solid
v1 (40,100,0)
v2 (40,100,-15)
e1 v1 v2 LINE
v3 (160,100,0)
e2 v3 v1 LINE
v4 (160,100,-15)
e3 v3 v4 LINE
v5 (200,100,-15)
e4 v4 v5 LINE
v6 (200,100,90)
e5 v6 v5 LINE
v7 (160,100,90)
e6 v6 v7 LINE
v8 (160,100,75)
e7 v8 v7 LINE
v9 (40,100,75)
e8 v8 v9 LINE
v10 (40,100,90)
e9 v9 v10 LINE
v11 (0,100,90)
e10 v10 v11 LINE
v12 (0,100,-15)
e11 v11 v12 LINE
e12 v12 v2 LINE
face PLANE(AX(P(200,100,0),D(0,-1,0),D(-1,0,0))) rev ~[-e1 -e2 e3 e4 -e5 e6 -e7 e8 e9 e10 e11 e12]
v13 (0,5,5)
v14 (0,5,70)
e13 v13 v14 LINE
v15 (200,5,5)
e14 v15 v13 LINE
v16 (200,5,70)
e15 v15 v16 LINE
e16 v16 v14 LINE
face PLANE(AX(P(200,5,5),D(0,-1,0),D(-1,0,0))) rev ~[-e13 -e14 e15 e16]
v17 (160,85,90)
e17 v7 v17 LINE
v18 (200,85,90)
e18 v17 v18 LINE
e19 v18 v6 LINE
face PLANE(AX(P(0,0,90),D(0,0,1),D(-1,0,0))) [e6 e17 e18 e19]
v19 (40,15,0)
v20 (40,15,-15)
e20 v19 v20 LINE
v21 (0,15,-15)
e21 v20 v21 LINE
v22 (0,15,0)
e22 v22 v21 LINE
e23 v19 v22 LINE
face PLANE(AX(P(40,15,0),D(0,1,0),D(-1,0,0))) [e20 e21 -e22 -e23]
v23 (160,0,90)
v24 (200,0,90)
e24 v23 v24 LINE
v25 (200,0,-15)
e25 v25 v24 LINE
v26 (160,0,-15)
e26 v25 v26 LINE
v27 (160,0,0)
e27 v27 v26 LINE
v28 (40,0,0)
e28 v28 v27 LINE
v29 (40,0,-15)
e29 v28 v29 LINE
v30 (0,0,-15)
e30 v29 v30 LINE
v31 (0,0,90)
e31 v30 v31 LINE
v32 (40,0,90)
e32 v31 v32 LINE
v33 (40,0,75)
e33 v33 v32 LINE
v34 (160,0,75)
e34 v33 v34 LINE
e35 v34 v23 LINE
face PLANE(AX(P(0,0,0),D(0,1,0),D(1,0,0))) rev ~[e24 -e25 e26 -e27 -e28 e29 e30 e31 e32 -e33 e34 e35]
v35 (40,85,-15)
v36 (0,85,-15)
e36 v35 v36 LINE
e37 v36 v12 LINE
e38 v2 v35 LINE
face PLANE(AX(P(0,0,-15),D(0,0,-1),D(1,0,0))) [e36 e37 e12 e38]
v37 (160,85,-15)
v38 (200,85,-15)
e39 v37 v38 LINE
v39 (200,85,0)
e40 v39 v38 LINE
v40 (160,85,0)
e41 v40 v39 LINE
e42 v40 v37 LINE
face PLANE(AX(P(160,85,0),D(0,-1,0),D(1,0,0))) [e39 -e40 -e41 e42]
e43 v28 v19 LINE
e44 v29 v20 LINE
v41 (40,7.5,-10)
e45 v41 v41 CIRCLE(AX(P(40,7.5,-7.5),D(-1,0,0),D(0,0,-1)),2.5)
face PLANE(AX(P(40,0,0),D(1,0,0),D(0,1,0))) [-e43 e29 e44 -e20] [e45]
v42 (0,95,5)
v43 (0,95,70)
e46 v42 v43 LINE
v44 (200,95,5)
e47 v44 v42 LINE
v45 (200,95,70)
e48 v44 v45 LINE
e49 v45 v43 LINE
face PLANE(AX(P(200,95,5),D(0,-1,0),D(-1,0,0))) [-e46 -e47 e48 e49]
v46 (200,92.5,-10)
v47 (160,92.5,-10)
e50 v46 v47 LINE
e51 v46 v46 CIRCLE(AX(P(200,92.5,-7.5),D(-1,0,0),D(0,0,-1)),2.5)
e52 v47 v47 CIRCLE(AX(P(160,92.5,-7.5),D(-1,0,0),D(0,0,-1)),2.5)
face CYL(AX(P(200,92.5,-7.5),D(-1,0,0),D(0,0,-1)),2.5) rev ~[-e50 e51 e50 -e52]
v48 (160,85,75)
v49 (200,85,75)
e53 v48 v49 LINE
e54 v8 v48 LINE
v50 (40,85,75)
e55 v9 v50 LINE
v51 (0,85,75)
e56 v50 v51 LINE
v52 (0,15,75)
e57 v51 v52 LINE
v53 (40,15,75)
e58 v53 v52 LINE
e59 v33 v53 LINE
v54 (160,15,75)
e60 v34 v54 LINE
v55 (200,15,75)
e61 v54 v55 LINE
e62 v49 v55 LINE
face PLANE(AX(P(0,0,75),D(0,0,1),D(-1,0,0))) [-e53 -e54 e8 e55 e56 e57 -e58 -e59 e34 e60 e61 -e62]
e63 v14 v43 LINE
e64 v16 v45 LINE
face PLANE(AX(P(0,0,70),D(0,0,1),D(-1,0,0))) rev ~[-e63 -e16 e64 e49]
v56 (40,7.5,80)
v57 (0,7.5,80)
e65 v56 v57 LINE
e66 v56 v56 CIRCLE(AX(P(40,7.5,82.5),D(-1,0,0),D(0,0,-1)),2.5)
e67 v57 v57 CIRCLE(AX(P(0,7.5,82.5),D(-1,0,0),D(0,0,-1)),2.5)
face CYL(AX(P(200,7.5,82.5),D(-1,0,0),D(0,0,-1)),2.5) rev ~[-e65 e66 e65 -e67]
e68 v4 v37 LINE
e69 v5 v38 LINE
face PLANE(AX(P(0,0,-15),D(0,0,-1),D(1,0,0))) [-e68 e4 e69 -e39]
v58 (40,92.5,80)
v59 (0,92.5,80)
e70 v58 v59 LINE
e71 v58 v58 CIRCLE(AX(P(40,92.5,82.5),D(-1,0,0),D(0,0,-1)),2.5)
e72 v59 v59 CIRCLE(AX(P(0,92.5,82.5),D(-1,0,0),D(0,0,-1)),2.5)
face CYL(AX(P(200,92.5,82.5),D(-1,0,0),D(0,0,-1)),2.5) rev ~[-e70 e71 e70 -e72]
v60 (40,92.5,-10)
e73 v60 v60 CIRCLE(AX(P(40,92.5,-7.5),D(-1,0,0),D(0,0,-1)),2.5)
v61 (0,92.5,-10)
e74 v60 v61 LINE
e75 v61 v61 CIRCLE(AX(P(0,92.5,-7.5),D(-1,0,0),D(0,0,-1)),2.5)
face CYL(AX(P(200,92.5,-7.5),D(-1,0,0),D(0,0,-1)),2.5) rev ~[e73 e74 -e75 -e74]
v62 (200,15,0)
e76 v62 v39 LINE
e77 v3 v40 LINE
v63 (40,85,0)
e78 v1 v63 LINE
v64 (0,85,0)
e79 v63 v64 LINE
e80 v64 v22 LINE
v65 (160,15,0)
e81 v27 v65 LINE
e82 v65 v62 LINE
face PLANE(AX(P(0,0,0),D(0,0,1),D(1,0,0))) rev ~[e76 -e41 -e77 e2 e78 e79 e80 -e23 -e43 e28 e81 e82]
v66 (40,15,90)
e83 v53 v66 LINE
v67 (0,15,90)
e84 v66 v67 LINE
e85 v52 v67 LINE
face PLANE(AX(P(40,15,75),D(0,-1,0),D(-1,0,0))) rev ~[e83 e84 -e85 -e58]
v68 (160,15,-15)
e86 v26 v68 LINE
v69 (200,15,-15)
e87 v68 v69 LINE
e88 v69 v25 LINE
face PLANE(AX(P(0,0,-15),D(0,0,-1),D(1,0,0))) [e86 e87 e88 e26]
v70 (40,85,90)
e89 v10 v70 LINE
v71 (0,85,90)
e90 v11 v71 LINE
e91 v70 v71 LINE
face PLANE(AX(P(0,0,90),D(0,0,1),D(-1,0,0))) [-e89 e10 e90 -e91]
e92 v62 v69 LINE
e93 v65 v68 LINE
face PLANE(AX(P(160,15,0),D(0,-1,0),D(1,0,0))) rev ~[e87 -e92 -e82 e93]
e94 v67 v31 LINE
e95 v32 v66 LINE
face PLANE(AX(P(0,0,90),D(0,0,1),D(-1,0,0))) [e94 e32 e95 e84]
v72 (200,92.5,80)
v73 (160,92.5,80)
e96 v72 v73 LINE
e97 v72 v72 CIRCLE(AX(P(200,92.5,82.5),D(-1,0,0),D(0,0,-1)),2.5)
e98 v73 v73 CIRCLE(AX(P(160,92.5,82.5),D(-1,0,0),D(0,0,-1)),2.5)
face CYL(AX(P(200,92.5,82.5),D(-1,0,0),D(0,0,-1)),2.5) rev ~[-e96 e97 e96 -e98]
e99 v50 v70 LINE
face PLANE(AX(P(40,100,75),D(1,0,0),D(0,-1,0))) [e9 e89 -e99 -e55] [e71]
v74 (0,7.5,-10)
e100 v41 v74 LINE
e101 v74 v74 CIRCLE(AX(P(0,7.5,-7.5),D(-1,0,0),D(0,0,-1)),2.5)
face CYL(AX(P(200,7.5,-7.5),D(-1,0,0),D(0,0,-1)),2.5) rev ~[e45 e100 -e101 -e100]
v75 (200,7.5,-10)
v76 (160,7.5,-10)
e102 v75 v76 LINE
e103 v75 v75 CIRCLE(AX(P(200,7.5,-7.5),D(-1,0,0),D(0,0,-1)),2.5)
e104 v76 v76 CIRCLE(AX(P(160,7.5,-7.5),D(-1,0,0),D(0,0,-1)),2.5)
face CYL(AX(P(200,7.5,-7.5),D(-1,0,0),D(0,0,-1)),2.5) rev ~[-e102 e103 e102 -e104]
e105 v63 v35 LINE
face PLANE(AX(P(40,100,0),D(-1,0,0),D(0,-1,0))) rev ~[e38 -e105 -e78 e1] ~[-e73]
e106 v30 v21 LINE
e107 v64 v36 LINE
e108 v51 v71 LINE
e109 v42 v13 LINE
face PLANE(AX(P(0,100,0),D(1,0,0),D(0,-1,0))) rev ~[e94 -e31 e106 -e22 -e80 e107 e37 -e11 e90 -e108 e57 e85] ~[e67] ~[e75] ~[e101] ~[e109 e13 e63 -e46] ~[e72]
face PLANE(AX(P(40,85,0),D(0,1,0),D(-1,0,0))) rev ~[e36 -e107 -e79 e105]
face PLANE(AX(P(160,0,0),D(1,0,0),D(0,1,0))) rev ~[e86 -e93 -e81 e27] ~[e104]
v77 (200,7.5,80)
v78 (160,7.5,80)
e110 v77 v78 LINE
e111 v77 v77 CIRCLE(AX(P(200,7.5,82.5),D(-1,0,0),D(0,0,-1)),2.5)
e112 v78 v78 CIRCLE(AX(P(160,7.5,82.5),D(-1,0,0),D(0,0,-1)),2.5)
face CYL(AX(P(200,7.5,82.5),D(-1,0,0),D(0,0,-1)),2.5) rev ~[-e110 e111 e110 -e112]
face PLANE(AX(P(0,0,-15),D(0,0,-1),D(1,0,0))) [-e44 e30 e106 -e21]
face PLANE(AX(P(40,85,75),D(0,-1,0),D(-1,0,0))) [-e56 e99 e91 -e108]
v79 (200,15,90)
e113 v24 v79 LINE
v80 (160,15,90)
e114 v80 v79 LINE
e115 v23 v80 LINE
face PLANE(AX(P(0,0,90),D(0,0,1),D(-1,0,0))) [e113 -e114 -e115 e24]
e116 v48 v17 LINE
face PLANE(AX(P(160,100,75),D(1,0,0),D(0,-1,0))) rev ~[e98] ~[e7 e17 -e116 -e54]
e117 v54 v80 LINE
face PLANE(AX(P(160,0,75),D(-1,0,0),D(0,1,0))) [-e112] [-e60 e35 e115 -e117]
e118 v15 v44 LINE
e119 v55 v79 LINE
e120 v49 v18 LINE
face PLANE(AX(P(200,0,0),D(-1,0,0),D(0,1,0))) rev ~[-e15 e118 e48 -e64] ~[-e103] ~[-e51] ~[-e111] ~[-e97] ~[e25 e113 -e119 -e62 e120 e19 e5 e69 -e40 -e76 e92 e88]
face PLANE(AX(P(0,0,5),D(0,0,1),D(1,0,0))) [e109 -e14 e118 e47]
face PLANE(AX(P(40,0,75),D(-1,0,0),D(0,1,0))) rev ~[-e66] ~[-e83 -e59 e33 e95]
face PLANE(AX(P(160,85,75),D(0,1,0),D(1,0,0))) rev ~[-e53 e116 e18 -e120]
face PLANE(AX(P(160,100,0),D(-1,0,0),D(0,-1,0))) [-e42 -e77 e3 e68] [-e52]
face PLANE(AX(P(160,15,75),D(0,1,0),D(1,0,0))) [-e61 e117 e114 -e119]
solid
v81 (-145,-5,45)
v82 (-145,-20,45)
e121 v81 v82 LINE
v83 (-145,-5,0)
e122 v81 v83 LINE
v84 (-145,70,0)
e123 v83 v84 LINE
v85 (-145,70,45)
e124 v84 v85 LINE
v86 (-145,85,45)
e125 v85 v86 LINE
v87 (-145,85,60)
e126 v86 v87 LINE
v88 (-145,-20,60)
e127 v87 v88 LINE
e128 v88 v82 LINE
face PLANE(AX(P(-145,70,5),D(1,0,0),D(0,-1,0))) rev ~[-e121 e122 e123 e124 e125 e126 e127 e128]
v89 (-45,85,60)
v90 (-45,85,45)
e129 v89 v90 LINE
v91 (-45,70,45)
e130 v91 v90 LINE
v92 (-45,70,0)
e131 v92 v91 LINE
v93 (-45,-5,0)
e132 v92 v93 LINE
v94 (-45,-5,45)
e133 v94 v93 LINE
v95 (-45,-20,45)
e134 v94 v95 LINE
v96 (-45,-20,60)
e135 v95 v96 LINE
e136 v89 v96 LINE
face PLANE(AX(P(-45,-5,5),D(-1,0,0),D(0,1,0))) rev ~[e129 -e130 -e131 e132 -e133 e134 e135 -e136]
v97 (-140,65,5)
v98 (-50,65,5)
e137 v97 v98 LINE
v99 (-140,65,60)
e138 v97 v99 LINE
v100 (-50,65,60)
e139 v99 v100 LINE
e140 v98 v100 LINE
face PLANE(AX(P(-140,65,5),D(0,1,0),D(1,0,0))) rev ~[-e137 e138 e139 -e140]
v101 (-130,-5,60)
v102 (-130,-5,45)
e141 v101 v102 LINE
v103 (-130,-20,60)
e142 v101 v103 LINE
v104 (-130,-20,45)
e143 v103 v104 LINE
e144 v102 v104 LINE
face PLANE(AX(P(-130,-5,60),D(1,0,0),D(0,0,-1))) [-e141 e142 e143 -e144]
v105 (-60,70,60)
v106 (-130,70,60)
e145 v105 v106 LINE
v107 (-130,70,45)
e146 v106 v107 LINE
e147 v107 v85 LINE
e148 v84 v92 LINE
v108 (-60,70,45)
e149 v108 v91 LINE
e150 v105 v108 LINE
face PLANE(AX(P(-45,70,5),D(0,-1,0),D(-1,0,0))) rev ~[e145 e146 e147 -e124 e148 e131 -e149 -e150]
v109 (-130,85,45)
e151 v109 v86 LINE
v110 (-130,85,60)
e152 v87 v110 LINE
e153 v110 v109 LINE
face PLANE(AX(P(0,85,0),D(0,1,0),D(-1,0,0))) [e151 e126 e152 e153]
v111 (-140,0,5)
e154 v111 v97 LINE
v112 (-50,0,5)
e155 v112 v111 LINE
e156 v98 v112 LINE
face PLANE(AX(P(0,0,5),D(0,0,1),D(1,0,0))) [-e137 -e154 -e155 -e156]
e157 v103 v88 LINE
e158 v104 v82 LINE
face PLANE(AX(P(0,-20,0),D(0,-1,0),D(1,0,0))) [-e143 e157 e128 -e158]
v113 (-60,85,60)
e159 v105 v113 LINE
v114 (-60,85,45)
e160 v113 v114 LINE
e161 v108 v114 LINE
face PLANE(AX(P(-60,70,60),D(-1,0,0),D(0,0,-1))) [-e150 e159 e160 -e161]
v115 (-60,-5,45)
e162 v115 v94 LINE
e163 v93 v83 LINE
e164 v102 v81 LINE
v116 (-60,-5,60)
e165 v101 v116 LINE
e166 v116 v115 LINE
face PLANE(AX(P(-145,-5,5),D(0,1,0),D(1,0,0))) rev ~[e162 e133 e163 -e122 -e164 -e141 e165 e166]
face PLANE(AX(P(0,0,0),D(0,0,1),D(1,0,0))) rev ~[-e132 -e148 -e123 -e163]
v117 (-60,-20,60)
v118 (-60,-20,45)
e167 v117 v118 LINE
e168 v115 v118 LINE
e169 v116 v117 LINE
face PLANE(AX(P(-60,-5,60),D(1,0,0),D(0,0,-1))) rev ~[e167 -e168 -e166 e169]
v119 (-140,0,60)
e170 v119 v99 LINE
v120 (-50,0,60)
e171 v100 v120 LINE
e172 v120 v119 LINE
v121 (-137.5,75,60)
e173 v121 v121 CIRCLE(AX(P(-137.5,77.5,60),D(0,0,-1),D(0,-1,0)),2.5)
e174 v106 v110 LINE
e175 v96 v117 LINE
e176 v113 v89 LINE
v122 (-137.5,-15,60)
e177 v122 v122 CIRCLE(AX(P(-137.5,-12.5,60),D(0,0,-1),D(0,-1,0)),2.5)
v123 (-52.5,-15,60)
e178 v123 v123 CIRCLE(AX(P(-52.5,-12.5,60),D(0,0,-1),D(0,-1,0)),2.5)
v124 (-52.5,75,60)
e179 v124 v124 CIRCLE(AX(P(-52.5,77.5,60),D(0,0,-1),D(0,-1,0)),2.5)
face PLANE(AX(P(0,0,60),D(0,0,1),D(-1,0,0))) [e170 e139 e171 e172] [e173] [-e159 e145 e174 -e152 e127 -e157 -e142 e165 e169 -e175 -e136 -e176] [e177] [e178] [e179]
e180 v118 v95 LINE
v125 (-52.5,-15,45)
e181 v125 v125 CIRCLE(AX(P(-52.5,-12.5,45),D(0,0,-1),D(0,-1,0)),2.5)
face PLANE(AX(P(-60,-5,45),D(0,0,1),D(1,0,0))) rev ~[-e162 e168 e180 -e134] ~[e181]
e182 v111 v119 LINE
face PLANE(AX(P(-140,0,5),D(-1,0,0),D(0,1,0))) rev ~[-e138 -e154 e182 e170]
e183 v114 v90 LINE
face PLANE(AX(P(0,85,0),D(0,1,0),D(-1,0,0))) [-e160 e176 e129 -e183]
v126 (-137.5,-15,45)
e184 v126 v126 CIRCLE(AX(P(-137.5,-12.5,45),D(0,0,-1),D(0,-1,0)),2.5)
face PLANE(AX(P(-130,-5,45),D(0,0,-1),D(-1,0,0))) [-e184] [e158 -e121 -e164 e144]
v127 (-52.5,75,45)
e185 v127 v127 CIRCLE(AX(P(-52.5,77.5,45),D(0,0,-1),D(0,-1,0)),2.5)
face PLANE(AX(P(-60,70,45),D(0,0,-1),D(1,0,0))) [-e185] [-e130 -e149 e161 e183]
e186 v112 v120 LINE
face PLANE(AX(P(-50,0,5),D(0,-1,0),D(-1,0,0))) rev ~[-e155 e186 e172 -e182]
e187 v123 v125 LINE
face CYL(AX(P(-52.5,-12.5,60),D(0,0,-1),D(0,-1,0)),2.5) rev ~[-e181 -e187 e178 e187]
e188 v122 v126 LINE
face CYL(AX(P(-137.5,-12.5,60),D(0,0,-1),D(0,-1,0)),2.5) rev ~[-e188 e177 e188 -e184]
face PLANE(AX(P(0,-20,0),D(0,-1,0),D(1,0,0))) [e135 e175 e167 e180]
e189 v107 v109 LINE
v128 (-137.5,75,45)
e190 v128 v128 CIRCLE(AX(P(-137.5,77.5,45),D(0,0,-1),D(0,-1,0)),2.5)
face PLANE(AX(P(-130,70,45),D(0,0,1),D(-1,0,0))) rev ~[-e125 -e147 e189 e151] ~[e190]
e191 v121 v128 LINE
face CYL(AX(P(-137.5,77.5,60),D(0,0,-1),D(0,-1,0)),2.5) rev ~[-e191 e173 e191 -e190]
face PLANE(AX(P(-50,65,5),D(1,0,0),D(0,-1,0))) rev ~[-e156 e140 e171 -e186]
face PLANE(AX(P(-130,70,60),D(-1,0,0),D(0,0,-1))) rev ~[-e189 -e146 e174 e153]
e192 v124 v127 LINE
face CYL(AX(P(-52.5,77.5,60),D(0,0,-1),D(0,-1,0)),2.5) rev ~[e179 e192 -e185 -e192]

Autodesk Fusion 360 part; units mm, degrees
sketch "Sketch1" plane through (0, 0, 0) normal (0, 0, 1) x (1, 0, 0)
  line L0 (0, 0) -> (330, 0)
  line L1 (330, 0) -> (330, 100)
  line L2 (330, 100) -> (0, 100)
  line L3 (0, 100) -> (0, 0)
  dimension "d1" = 330
  dimension "d2" = 100
sketch "Sketch2" plane through (0, 0, 0) normal (0, 0, 1) x (1, 0, 0)
  line L0 (0, 0) -> (200, 0)
  line L1 (200, 0) -> (200, 100)
  line L2 (200, 100) -> (0, 100)
  line L3 (0, 100) -> (0, 0)
  dimension "d7" = 200
  dimension "d8" = 100
extrude "Extrude3" add sketch "Sketch2" along normal blind 5 makes body 1
sketch "Sketch3" plane through (0, 0, 5) normal (0, 0, 1) x (-1, 0, 0)
  line L0 (0, -100) -> (0, 0)
  line L1 (0, 0) -> (-200, 0)
  line L2 (-200, 0) -> (-200, -100)
  line L3 (-200, -100) -> (0, -100)
  line L4 (0, 0) -> (-200, 0)
  line L5 (-200, 0) -> (-200, -5)
  line L6 (-200, -5) -> (0, -5)
  line L7 (0, -5) -> (0, 0)
  line L8 (0, -100) -> (-200, -100)
  line L9 (-200, -100) -> (-200, -95)
  line L10 (-200, -95) -> (0, -95)
  line L11 (0, -95) -> (0, -100)
  dimension "d11" = 5
  dimension "d12" = 5
extrude "Extrude4" add sketch "Sketch3" along normal blind 65 contours L0 L2 L3 L8 L9 L10 L11 | L0 L1 L2 L4 L5 L6 L7 bodies 1
sketch "Sketch4" plane through (0, 0, 70) normal (0, 0, 1) x (-1, 0, 0)
  line L0 (0, -5) -> (0, 0)
  line L1 (0, 0) -> (-200, 0)
  line L2 (-200, 0) -> (-200, -5)
  line L3 (-200, -5) -> (0, -5)
  line L4 (0, 0) -> (-200, 0)
  line L5 (-200, 0) -> (-200, -100)
  line L6 (-200, -100) -> (0, -100)
  line L7 (0, -100) -> (0, 0)
extrude "Extrude5" add sketch "Sketch4" along normal blind 5 bodies 1
sketch "Sketch5" plane through (0, 0, 0) normal (0, 0, -1) x (1, 0, 0)
  line L0 (0, 0) -> (0, -100)
  line L1 (0, -100) -> (200, -100)
  line L2 (200, -100) -> (200, 0)
  line L3 (200, 0) -> (0, 0)
  line L4 (200, 0) -> (160, 0)
  line L5 (160, 0) -> (160, -15)
  line L6 (160, -15) -> (200, -15)
  line L7 (200, -15) -> (200, 0)
  line L8 (200, -100) -> (160, -100)
  line L9 (160, -100) -> (160, -85)
  line L10 (160, -85) -> (200, -85)
  line L11 (200, -85) -> (200, -100)
  line L12 (0, -100) -> (40, -100)
  line L13 (40, -100) -> (40, -85)
  line L14 (40, -85) -> (0, -85)
  line L15 (0, -85) -> (0, -100)
  line L16 (0, 0) -> (40, 0)
  line L17 (40, 0) -> (40, -15)
  line L18 (40, -15) -> (0, -15)
  line L19 (0, -15) -> (0, 0)
  dimension "d17" = 15
  dimension "d18" = 40
  dimension "d19" = 15
  dimension "d20" = 15
  dimension "d21" = 40
  dimension "d22" = 15
extrude "Extrude6" add sketch "Sketch5" along normal blind 15 contours L0 L3 L16 L17 L18 L19 | L0 L1 L12 L13 L14 L15 | L2 L3 L4 L5 L6 L7 | L1 L2 L8 L9 L10 L11 bodies 1
sketch "Sketch6" plane through (0, 0, 75) normal (0, 0, 1) x (-1, 0, 0)
  line L0 (0, -100) -> (0, 0)
  line L1 (0, 0) -> (-200, 0)
  line L2 (-200, 0) -> (-200, -100)
  line L3 (-200, -100) -> (0, -100)
  line L4 (-200, -100) -> (-160, -100)
  line L5 (-160, -100) -> (-160, -85)
  line L6 (-160, -85) -> (-200, -85)
  line L7 (-200, -85) -> (-200, -100)
  line L8 (-200, 0) -> (-160, 0)
  line L9 (-160, 0) -> (-160, -15)
  line L10 (-160, -15) -> (-200, -15)
  line L11 (-200, -15) -> (-200, 0)
  line L12 (0, 0) -> (-40, 0)
  line L13 (-40, 0) -> (-40, -15)
  line L14 (-40, -15) -> (0, -15)
  line L15 (0, -15) -> (0, 0)
  line L16 (0, -100) -> (-40, -100)
  line L17 (-40, -100) -> (-40, -85)
  line L18 (-40, -85) -> (0, -85)
  line L19 (0, -85) -> (0, -100)
  dimension "d25" = 40
  dimension "d26" = 15
  dimension "d27" = 15
  dimension "d28" = 15
  dimension "d29" = 40
  dimension "d30" = 15
extrude "Extrude7" add sketch "Sketch6" along normal blind 15 contours L0 L3 L16 L17 L18 L19 | L0 L1 L12 L13 L14 L15 | L2 L3 L4 L5 L6 L7 | L1 L2 L8 L9 L10 L11 bodies 1
hole "Hole1" at (200, 92.5, 82.5) direction (-1, 0, 0) diameter 5 depth 500 tip angle 118 bodies 1
hole "Hole2" at (200, 7.5, 82.5) direction (-1, 0, 0) diameter 5 depth 500 tip angle 118 bodies 1
hole "Hole3" at (200, 92.5, -7.5) direction (-1, 0, 0) diameter 5 depth 500 tip angle 118 bodies 1
hole "Hole4" at (200, 7.5, -7.5) direction (-1, 0, 0) diameter 5 depth 500 tip angle 118 bodies 1
sketch "Sketch7" plane through (0, 0, 0) normal (0, 0, 1) x (1, 0, 0)
  line L0 (-50, 0) -> (-140, 0)
  line L1 (-140, 0) -> (-140, 65)
  line L2 (-140, 65) -> (-50, 65)
  line L3 (-50, 65) -> (-50, 0)
  line L4 (-45, -5) -> (-145, -5)
  line L5 (-145, -5) -> (-145, 70)
  line L6 (-145, 70) -> (-45, 70)
  line L7 (-45, 70) -> (-45, -5)
  dimension "d53" = 90
  dimension "d54" = 65
extrude "Extrude1" add sketch "Sketch7" along normal blind 5 separate body contours L0 L1 L2 L3 | L4 L5 L6 L7 makes body 2 in component "Component"
sketch "Sketch8" plane through (0, 0, 5) normal (0, 0, 1) x (-1, 0, 0)
  line L0 (45, -70) -> (145, -70)
  line L1 (145, -70) -> (145, 5)
  line L2 (145, 5) -> (45, 5)
  line L3 (45, 5) -> (45, -70)
  line L4 (140, -65) -> (50, -65)
  line L5 (50, -65) -> (50, 0)
  line L6 (50, 0) -> (140, 0)
  line L7 (140, 0) -> (140, -65)
extrude "Extrude2" add sketch "Sketch8" along normal blind 55 bodies 2 in component "Component"
sketch "Sketch9" plane through (0, -5, 0) normal (0, -1, 0) x (1, 0, 0)
  line L0 (-145, 0) -> (-45, 0)
  line L1 (-45, 0) -> (-45, 60)
  line L2 (-45, 60) -> (-145, 60)
  line L3 (-145, 60) -> (-145, 0)
  line L4 (-145, 60) -> (-130, 60)
  line L5 (-130, 60) -> (-130, 45)
  line L6 (-130, 45) -> (-145, 45)
  line L7 (-145, 45) -> (-145, 60)
  line L8 (-45, 60) -> (-60, 60)
  line L9 (-60, 60) -> (-60, 45)
  line L10 (-60, 45) -> (-45, 45)
  line L11 (-45, 45) -> (-45, 60)
extrude "Extrude3'" add sketch "Sketch9" along normal blind 15 contours L2 L3 L4 L5 L6 L7 | L1 L2 L8 L9 L10 L11 bodies 2 in component "Component"
sketch "Sketch10" plane through (0, 70, 0) normal (0, 1, 0) x (-1, 0, 0)
  line L0 (45, 0) -> (145, 0)
  line L1 (145, 0) -> (145, 60)
  line L2 (145, 60) -> (45, 60)
  line L3 (45, 60) -> (45, 0)
  line L4 (45, 60) -> (60, 60)
  line L5 (60, 60) -> (60, 45)
  line L6 (60, 45) -> (45, 45)
  line L7 (45, 45) -> (45, 60)
  line L8 (145, 60) -> (130, 60)
  line L9 (130, 60) -> (130, 45)
  line L10 (130, 45) -> (145, 45)
  line L11 (145, 45) -> (145, 60)
  dimension "d61" = 15
  dimension "d62" = 15
  dimension "d63" = 15
  dimension "d64" = 15
extrude "Extrude4'" add sketch "Sketch10" along normal blind 15 contours L2 L3 L4 L5 L6 L7 | L1 L2 L8 L9 L10 L11 bodies 2 in component "Component"
hole "Hole1'" at (-137.5, 77.5, 60) direction (0, 0, -1) diameter 5 depth 500 tip angle 118 bodies 2 in component "Component"
hole "Hole2'" at (-52.5, 77.5, 60) direction (0, 0, -1) diameter 5 depth 500 tip angle 118 bodies 2 in component "Component"
hole "Hole3'" at (-137.5, -12.5, 60) direction (0, 0, -1) diameter 5 depth 500 tip angle 118 bodies 2 in component "Component"
hole "Hole4'" at (-52.5, -12.5, 60) direction (0, 0, -1) diameter 5 depth 500 tip angle 118 bodies 2 in component "Component"
component "Component" placed x (1, 0, 0) y (0, 1, 0) z (0, 0, 1) at (0, 0, 0)
